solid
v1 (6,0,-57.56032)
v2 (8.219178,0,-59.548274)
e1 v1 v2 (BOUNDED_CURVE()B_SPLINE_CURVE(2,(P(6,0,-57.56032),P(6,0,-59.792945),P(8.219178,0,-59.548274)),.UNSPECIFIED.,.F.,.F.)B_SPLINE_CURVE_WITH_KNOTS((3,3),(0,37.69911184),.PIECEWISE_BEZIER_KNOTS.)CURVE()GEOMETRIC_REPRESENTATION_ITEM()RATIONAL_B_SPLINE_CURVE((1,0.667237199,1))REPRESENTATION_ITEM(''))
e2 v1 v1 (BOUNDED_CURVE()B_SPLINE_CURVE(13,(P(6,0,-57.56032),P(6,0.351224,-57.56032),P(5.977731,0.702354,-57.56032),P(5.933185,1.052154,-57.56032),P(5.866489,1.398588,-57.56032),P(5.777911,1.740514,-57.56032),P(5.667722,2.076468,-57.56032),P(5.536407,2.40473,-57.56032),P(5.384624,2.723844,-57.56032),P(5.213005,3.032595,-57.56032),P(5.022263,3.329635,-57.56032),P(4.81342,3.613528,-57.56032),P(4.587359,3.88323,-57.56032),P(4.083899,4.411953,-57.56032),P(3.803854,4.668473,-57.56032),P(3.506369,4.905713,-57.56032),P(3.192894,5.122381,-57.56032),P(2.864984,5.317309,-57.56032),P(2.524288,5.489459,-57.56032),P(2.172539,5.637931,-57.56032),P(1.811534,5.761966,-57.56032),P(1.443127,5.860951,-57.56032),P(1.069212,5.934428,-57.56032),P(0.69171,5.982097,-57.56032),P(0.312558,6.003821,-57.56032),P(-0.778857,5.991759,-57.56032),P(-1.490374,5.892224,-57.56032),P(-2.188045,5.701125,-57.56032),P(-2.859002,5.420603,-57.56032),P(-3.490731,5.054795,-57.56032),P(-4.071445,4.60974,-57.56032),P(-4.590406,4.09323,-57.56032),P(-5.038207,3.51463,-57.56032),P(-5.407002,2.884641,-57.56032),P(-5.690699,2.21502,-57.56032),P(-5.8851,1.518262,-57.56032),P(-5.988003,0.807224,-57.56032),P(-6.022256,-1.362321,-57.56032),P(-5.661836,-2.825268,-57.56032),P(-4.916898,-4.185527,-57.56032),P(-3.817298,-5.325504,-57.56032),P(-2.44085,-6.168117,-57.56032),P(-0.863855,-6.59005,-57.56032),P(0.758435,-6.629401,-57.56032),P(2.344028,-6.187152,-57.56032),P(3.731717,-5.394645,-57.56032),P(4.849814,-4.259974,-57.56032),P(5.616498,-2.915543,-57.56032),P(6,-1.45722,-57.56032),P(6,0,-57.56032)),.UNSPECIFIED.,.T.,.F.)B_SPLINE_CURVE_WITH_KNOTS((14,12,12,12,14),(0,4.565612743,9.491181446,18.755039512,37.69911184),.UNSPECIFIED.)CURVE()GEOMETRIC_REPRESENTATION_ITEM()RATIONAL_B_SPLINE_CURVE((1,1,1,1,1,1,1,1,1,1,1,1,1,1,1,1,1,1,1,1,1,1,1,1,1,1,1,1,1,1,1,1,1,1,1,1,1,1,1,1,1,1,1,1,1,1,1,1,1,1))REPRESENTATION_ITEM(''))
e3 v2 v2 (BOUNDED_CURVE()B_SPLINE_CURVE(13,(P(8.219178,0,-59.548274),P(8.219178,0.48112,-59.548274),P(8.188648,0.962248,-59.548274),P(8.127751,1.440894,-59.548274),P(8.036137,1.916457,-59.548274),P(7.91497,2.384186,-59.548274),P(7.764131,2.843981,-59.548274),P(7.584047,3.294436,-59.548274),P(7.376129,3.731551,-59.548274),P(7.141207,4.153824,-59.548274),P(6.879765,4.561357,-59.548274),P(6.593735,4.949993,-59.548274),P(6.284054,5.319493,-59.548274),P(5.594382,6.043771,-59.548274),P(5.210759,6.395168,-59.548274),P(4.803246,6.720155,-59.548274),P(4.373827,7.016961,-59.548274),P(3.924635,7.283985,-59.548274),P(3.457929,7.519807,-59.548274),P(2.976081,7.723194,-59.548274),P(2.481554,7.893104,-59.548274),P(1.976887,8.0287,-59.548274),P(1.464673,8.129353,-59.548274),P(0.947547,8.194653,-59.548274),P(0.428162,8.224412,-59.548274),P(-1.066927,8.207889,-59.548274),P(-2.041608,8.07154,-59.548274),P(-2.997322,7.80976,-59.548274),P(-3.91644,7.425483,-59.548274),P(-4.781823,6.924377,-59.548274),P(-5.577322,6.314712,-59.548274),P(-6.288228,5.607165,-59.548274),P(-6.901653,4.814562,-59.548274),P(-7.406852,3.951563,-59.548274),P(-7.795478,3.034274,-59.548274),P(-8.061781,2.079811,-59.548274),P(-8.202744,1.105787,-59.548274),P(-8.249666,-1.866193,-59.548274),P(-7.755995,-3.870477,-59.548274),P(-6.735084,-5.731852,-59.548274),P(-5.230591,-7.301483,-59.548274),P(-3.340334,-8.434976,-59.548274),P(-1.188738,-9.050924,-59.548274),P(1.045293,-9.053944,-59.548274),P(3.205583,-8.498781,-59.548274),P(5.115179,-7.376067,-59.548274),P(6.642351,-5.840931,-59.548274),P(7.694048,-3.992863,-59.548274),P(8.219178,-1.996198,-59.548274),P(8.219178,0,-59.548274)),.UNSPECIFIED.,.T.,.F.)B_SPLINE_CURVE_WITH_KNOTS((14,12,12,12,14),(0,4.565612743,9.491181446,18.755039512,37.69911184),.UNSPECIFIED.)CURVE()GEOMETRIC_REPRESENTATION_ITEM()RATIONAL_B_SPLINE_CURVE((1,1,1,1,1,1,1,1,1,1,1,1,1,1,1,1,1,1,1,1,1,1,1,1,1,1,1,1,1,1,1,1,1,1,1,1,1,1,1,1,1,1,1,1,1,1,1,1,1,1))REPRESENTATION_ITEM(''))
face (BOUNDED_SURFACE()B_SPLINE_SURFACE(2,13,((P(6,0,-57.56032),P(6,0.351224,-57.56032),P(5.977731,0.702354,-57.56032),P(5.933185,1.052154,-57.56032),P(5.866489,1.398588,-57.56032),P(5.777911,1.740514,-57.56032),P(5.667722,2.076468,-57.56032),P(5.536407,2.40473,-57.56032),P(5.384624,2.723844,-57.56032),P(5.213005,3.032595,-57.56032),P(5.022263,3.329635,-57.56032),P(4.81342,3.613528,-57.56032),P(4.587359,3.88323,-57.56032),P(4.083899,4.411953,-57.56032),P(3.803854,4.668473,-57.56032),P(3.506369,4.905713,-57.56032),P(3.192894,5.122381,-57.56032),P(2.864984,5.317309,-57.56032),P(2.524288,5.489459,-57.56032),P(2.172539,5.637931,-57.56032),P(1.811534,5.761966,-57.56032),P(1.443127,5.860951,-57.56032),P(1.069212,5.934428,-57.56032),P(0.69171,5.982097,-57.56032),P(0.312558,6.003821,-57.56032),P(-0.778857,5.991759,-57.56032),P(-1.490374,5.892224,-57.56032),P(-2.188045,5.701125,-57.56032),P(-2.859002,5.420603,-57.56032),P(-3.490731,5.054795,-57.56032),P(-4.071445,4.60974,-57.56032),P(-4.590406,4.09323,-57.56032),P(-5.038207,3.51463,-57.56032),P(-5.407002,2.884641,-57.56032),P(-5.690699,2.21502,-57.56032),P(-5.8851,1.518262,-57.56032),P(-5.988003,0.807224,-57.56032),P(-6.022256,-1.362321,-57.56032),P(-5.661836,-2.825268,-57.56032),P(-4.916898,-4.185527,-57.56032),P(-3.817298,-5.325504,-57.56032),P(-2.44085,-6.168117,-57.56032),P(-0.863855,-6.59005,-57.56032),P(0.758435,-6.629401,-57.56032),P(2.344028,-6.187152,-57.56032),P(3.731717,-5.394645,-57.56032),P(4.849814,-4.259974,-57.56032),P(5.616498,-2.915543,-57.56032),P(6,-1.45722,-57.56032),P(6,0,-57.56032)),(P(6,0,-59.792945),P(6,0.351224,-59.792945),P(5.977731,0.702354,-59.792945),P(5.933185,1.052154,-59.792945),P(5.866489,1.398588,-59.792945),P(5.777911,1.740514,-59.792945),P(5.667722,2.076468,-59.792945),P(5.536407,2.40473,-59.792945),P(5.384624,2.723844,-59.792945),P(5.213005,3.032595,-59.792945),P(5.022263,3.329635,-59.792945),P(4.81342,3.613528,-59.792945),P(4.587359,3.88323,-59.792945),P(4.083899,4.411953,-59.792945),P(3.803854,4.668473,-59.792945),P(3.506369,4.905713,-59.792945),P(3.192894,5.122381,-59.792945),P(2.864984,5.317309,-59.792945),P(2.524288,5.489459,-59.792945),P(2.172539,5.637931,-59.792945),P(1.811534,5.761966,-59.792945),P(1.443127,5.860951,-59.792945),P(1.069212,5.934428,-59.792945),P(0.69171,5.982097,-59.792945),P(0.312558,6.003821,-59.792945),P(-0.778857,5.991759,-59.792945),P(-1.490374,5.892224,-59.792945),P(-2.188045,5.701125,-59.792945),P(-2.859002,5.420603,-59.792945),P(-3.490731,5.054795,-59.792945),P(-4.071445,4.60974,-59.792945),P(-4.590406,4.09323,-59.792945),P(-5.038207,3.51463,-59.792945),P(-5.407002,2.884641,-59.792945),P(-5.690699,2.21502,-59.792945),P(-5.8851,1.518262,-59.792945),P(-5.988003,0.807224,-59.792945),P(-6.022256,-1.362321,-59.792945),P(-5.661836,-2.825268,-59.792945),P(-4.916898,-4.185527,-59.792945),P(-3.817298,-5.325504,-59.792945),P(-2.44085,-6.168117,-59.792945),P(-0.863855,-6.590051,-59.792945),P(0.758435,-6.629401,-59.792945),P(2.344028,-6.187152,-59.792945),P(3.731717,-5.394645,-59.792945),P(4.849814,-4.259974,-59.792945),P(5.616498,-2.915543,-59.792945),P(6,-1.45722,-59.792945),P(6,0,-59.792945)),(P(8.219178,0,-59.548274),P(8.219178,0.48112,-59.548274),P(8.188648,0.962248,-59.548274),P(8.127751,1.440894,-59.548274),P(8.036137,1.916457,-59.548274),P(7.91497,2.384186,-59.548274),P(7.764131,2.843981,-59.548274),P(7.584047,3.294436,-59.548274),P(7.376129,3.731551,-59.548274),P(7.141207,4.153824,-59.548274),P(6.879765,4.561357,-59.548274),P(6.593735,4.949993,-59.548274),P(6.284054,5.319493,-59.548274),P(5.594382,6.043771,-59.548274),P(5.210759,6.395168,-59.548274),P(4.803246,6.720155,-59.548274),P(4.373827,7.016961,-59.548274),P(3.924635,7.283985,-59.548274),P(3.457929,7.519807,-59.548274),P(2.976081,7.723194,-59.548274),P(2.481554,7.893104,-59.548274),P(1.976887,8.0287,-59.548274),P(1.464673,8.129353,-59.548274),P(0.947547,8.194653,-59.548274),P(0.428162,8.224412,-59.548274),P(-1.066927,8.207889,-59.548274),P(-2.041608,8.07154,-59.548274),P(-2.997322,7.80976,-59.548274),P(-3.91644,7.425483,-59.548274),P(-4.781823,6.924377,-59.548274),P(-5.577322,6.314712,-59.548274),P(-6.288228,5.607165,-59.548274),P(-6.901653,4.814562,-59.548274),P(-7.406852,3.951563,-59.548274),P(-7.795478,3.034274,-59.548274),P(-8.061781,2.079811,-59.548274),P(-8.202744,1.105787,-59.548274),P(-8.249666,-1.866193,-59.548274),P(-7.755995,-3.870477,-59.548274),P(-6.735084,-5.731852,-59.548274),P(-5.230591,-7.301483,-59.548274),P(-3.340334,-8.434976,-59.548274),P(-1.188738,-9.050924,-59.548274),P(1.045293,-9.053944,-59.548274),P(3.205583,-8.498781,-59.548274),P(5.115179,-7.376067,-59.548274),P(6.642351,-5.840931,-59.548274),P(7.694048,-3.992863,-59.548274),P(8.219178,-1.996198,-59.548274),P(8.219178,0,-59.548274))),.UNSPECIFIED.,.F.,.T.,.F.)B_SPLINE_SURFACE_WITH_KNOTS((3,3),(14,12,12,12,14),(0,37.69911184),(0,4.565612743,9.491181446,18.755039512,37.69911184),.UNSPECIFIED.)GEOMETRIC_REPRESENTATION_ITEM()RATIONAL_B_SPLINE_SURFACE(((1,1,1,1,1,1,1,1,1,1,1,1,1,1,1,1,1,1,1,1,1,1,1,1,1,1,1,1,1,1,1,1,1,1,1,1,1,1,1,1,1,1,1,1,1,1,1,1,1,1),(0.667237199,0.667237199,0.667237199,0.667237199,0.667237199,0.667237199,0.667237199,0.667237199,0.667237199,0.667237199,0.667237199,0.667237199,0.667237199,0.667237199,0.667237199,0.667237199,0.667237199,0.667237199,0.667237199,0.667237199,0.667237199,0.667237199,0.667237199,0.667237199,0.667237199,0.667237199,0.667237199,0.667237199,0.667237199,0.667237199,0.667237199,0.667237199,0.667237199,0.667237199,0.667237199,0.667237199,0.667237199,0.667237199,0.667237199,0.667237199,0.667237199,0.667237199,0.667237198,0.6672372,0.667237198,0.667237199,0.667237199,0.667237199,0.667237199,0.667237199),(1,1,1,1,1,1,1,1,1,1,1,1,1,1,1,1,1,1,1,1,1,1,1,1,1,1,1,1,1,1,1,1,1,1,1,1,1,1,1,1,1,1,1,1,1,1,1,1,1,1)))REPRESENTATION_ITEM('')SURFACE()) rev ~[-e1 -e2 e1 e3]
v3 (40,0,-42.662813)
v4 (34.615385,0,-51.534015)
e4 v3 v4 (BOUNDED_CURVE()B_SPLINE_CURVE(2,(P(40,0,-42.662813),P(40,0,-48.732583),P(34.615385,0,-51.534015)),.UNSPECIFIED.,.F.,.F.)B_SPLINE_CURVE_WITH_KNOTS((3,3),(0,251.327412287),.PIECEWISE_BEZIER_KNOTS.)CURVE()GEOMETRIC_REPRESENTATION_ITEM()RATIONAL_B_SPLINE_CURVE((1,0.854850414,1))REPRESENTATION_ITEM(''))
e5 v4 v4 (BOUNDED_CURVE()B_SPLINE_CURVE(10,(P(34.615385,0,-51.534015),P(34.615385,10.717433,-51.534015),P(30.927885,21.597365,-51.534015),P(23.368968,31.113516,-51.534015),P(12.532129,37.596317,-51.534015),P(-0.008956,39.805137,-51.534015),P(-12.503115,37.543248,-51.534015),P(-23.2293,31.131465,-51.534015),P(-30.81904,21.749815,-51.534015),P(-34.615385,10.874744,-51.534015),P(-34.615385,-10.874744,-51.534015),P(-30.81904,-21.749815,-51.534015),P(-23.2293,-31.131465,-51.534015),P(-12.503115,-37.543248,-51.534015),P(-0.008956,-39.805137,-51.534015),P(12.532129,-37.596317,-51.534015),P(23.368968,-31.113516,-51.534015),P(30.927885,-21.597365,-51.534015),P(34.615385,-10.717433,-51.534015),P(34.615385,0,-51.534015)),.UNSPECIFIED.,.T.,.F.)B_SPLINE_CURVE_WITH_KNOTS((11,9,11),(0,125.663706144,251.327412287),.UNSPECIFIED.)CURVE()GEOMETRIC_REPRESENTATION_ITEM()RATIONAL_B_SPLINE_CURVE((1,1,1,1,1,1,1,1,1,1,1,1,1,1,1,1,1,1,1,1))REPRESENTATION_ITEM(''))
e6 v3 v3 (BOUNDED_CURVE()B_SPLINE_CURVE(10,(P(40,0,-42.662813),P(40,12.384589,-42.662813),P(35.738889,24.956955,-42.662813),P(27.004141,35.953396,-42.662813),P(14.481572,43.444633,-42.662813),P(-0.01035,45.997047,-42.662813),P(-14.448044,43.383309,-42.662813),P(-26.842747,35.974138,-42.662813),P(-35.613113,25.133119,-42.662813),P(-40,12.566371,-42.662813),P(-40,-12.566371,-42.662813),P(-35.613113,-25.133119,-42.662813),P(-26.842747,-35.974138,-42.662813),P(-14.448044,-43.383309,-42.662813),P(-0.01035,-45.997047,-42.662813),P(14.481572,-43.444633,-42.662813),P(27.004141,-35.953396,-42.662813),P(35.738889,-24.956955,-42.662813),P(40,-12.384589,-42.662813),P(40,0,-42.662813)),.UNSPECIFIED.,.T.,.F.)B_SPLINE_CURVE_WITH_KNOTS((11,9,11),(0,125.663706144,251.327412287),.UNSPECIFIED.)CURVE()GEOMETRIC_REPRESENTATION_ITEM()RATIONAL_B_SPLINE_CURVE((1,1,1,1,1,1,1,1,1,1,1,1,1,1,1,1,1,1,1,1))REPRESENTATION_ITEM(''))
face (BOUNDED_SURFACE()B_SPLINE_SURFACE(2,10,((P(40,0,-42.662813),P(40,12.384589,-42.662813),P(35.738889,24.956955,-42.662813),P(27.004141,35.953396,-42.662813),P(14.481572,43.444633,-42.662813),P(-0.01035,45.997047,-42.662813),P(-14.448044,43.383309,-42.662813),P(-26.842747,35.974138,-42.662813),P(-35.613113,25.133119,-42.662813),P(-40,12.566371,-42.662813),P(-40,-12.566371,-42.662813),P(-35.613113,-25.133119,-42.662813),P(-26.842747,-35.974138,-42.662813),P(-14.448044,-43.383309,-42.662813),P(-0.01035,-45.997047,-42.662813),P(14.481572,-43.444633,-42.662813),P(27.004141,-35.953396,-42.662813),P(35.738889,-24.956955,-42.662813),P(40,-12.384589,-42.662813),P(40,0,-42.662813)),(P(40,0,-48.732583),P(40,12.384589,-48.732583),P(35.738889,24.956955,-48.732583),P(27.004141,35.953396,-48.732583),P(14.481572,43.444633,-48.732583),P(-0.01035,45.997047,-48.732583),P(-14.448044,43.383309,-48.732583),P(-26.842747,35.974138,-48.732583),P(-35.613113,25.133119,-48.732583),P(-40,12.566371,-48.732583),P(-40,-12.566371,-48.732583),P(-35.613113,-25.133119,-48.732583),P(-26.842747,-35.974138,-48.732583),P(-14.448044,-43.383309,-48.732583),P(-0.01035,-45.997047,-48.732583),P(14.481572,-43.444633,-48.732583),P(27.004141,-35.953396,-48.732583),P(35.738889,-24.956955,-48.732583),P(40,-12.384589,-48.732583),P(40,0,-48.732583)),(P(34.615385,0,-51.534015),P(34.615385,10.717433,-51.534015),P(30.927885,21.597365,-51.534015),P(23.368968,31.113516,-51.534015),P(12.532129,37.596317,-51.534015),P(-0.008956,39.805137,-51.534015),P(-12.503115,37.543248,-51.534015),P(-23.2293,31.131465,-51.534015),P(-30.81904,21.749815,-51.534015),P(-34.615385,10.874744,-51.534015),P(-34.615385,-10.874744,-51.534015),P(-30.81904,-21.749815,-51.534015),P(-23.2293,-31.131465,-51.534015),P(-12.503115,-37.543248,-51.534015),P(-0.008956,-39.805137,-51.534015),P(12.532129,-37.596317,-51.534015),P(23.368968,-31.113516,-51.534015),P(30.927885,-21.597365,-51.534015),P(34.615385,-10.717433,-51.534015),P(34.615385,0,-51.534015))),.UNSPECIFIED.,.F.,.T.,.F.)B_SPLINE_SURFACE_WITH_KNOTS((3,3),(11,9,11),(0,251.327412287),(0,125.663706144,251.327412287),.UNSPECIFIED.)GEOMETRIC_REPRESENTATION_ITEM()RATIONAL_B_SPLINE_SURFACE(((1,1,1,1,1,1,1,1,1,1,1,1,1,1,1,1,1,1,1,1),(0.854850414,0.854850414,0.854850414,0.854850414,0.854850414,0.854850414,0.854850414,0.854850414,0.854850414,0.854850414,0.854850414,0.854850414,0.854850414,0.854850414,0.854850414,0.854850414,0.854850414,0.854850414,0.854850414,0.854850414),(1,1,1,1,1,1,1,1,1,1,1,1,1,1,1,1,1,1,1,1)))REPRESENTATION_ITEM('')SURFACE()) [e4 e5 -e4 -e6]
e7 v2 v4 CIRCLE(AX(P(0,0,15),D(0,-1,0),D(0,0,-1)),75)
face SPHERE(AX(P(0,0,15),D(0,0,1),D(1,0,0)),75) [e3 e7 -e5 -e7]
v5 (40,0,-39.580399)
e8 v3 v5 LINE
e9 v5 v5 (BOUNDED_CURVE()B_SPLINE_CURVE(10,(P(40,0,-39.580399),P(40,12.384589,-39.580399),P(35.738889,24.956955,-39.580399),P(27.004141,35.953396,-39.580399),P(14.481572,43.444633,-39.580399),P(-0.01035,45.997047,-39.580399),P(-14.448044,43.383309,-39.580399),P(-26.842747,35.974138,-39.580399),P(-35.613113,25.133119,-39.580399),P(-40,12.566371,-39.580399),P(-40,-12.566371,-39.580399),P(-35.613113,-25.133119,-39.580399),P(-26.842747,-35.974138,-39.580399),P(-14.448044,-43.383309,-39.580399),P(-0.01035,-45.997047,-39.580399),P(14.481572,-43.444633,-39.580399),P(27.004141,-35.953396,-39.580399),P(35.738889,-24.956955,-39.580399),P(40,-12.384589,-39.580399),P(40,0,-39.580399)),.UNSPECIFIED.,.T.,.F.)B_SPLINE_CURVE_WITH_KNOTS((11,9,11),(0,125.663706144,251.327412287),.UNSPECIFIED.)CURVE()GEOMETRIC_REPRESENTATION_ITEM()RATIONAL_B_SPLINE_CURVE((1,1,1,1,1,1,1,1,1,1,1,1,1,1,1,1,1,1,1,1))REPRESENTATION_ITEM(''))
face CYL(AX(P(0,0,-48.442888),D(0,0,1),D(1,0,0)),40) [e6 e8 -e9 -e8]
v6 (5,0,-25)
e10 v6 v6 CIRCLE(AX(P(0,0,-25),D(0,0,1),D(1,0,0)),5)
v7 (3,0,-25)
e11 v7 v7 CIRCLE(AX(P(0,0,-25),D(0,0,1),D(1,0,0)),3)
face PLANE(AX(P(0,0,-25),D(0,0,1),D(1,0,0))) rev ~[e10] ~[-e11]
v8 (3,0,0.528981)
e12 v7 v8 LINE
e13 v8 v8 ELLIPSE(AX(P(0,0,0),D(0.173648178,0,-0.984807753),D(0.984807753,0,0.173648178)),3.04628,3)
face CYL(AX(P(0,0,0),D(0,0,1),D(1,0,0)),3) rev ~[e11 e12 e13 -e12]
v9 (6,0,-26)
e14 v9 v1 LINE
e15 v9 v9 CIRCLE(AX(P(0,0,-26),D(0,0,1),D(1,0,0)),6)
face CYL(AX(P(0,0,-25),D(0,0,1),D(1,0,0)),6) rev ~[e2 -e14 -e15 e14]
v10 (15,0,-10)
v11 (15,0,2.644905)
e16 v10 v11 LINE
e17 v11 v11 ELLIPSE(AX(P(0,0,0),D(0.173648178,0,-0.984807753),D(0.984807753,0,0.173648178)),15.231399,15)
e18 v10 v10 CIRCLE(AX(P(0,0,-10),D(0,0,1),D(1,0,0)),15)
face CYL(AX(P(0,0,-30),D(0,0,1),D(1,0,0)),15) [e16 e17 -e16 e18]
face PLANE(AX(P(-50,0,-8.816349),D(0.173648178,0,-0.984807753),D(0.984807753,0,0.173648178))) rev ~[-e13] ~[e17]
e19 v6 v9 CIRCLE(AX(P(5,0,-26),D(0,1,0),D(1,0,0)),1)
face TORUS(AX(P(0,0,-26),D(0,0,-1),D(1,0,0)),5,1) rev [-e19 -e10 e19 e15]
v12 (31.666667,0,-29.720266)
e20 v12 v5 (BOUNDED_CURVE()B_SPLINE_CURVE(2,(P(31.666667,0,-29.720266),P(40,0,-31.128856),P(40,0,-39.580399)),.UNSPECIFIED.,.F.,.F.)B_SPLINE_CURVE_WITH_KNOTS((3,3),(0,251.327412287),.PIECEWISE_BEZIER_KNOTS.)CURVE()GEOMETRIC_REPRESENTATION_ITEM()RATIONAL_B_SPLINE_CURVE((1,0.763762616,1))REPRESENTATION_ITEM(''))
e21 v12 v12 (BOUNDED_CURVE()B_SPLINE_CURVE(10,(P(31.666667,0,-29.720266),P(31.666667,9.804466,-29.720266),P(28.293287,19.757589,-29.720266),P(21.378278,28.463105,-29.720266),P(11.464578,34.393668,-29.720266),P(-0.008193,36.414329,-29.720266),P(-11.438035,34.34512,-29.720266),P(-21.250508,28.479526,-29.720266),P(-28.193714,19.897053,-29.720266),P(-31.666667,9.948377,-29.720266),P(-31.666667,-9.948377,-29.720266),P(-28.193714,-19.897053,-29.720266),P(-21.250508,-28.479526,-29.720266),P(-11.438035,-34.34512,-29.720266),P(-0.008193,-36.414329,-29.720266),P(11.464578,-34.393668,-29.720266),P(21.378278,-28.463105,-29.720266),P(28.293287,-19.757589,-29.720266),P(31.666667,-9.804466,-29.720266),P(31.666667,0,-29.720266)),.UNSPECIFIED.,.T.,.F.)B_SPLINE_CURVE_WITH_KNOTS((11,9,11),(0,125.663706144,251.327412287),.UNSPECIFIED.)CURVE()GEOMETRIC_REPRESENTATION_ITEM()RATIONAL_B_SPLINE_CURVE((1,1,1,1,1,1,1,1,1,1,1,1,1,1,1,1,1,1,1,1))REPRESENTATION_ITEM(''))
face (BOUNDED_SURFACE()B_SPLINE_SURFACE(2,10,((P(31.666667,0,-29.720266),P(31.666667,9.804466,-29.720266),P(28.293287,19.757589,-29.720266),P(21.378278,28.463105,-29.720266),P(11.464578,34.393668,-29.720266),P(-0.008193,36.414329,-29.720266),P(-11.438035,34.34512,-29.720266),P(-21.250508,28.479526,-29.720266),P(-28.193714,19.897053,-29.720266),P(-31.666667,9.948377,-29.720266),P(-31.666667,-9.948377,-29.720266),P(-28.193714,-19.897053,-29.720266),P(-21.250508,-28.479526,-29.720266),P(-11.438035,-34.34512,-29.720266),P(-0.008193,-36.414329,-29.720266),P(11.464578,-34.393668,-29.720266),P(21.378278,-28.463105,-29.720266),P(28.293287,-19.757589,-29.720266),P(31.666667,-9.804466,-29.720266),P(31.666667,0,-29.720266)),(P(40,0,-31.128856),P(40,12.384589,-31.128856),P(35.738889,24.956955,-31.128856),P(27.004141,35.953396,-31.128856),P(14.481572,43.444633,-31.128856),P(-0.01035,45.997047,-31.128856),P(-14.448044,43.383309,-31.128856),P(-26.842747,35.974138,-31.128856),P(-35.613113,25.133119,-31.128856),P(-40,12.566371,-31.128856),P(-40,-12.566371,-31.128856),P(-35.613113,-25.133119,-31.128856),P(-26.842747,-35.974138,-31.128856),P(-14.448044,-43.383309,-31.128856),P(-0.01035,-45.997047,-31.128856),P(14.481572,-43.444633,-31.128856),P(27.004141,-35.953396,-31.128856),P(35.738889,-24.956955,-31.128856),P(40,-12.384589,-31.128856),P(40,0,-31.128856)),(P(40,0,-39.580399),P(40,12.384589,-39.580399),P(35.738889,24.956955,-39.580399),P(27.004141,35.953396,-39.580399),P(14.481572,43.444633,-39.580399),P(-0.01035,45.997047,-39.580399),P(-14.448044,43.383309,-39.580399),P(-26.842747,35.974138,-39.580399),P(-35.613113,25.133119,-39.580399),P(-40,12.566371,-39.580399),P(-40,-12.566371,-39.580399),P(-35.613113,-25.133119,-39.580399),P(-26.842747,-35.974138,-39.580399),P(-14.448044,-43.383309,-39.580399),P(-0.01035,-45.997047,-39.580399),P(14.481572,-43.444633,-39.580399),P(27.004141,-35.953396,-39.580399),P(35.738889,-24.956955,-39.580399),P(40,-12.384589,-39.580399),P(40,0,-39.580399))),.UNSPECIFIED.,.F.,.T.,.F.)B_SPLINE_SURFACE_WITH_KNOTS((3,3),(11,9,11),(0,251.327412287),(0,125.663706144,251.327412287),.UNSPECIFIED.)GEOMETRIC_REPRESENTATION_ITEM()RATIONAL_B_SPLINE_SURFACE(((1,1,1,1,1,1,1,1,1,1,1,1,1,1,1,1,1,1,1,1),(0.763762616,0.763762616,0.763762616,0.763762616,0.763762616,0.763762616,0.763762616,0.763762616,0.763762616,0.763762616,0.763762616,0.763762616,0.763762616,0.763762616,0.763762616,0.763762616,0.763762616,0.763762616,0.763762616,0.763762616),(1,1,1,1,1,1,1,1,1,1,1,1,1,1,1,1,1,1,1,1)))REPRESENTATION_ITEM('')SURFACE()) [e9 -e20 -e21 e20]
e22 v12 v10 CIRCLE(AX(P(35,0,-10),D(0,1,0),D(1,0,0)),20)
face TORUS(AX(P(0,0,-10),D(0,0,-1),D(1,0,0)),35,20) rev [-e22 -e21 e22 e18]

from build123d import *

# Parameters (mm, degrees)
F0_W      = 15
F0_H      = 5
F2_R      = 20
F3_R      = 10
F4_R      = 3
F5_DEPTH  = 100
F7_START  = -25
F6_R      = 6
F7_DEPTH  = 75
F8_R      = 1
F9_R      = 2
F11_DEPTH = 25


with BuildPart() as f1:
    # F0 (on Front) → F1 (revolve)
    with BuildSketch(Plane.XZ):
        with BuildLine():
            Line((0, 0), (0, -60))
            ThreePointArc((0, -60), (20.8180621376, -57.0528159674), (40, -48.4428877022))
            Line((40, -48.4428877022), (40, -30))
            Line((40, -30), (15, -30))
            Line((15, -30), (15, 0))
            Line((15, 0), (0, 0))
        make_face()
        with Locations((7.5, 2.5)):
            Rectangle(F0_W, F0_H)
    revolve(axis=Axis((0, 0, -30), (0, 0, 1)))

    # F2
    f2_edges = [f1.edges().sort_by_distance(p)[0] for p in [
        (-15, 0, -30),
    ]]
    fillet(f2_edges, radius=F2_R)

    # F3
    f3_edges = [f1.edges().sort_by_distance(p)[0] for p in [
        (-40, 0, -48.442888),
        (-40, 0, -30),
    ]]
    fillet(f3_edges, radius=F3_R)

    # F4 (on Top) → F5 (cut, symmetric)
    with BuildSketch(Plane.XY):
        Circle(F4_R)
    extrude(amount=F5_DEPTH, both=True, mode=Mode.SUBTRACT)

    # F6 (on Top) → F7 (cut)
    with BuildSketch(Plane.XY.offset(F7_START)):
        Circle(F6_R)
    extrude(amount=-F7_DEPTH, mode=Mode.SUBTRACT)

    # F8
    f8_edges = [f1.edges().sort_by_distance(p)[0] for p in [
        (-6, 0, -25),
    ]]
    fillet(f8_edges, radius=F8_R)

    # F9
    f9_edges = [f1.edges().sort_by_distance(p)[0] for p in [
        (-6, 0, -59.759615),
    ]]
    fillet(f9_edges, radius=F9_R)

    # F10 (on Front) → F11 (cut, symmetric)
    with BuildSketch(Plane.XZ):
        Polygon((-50, -8.8163490354), (50, 8.8163490354), (-50, 8.8163490354), align=None)
    extrude(amount=F11_DEPTH, both=True, mode=Mode.SUBTRACT)


solid = f1.part
